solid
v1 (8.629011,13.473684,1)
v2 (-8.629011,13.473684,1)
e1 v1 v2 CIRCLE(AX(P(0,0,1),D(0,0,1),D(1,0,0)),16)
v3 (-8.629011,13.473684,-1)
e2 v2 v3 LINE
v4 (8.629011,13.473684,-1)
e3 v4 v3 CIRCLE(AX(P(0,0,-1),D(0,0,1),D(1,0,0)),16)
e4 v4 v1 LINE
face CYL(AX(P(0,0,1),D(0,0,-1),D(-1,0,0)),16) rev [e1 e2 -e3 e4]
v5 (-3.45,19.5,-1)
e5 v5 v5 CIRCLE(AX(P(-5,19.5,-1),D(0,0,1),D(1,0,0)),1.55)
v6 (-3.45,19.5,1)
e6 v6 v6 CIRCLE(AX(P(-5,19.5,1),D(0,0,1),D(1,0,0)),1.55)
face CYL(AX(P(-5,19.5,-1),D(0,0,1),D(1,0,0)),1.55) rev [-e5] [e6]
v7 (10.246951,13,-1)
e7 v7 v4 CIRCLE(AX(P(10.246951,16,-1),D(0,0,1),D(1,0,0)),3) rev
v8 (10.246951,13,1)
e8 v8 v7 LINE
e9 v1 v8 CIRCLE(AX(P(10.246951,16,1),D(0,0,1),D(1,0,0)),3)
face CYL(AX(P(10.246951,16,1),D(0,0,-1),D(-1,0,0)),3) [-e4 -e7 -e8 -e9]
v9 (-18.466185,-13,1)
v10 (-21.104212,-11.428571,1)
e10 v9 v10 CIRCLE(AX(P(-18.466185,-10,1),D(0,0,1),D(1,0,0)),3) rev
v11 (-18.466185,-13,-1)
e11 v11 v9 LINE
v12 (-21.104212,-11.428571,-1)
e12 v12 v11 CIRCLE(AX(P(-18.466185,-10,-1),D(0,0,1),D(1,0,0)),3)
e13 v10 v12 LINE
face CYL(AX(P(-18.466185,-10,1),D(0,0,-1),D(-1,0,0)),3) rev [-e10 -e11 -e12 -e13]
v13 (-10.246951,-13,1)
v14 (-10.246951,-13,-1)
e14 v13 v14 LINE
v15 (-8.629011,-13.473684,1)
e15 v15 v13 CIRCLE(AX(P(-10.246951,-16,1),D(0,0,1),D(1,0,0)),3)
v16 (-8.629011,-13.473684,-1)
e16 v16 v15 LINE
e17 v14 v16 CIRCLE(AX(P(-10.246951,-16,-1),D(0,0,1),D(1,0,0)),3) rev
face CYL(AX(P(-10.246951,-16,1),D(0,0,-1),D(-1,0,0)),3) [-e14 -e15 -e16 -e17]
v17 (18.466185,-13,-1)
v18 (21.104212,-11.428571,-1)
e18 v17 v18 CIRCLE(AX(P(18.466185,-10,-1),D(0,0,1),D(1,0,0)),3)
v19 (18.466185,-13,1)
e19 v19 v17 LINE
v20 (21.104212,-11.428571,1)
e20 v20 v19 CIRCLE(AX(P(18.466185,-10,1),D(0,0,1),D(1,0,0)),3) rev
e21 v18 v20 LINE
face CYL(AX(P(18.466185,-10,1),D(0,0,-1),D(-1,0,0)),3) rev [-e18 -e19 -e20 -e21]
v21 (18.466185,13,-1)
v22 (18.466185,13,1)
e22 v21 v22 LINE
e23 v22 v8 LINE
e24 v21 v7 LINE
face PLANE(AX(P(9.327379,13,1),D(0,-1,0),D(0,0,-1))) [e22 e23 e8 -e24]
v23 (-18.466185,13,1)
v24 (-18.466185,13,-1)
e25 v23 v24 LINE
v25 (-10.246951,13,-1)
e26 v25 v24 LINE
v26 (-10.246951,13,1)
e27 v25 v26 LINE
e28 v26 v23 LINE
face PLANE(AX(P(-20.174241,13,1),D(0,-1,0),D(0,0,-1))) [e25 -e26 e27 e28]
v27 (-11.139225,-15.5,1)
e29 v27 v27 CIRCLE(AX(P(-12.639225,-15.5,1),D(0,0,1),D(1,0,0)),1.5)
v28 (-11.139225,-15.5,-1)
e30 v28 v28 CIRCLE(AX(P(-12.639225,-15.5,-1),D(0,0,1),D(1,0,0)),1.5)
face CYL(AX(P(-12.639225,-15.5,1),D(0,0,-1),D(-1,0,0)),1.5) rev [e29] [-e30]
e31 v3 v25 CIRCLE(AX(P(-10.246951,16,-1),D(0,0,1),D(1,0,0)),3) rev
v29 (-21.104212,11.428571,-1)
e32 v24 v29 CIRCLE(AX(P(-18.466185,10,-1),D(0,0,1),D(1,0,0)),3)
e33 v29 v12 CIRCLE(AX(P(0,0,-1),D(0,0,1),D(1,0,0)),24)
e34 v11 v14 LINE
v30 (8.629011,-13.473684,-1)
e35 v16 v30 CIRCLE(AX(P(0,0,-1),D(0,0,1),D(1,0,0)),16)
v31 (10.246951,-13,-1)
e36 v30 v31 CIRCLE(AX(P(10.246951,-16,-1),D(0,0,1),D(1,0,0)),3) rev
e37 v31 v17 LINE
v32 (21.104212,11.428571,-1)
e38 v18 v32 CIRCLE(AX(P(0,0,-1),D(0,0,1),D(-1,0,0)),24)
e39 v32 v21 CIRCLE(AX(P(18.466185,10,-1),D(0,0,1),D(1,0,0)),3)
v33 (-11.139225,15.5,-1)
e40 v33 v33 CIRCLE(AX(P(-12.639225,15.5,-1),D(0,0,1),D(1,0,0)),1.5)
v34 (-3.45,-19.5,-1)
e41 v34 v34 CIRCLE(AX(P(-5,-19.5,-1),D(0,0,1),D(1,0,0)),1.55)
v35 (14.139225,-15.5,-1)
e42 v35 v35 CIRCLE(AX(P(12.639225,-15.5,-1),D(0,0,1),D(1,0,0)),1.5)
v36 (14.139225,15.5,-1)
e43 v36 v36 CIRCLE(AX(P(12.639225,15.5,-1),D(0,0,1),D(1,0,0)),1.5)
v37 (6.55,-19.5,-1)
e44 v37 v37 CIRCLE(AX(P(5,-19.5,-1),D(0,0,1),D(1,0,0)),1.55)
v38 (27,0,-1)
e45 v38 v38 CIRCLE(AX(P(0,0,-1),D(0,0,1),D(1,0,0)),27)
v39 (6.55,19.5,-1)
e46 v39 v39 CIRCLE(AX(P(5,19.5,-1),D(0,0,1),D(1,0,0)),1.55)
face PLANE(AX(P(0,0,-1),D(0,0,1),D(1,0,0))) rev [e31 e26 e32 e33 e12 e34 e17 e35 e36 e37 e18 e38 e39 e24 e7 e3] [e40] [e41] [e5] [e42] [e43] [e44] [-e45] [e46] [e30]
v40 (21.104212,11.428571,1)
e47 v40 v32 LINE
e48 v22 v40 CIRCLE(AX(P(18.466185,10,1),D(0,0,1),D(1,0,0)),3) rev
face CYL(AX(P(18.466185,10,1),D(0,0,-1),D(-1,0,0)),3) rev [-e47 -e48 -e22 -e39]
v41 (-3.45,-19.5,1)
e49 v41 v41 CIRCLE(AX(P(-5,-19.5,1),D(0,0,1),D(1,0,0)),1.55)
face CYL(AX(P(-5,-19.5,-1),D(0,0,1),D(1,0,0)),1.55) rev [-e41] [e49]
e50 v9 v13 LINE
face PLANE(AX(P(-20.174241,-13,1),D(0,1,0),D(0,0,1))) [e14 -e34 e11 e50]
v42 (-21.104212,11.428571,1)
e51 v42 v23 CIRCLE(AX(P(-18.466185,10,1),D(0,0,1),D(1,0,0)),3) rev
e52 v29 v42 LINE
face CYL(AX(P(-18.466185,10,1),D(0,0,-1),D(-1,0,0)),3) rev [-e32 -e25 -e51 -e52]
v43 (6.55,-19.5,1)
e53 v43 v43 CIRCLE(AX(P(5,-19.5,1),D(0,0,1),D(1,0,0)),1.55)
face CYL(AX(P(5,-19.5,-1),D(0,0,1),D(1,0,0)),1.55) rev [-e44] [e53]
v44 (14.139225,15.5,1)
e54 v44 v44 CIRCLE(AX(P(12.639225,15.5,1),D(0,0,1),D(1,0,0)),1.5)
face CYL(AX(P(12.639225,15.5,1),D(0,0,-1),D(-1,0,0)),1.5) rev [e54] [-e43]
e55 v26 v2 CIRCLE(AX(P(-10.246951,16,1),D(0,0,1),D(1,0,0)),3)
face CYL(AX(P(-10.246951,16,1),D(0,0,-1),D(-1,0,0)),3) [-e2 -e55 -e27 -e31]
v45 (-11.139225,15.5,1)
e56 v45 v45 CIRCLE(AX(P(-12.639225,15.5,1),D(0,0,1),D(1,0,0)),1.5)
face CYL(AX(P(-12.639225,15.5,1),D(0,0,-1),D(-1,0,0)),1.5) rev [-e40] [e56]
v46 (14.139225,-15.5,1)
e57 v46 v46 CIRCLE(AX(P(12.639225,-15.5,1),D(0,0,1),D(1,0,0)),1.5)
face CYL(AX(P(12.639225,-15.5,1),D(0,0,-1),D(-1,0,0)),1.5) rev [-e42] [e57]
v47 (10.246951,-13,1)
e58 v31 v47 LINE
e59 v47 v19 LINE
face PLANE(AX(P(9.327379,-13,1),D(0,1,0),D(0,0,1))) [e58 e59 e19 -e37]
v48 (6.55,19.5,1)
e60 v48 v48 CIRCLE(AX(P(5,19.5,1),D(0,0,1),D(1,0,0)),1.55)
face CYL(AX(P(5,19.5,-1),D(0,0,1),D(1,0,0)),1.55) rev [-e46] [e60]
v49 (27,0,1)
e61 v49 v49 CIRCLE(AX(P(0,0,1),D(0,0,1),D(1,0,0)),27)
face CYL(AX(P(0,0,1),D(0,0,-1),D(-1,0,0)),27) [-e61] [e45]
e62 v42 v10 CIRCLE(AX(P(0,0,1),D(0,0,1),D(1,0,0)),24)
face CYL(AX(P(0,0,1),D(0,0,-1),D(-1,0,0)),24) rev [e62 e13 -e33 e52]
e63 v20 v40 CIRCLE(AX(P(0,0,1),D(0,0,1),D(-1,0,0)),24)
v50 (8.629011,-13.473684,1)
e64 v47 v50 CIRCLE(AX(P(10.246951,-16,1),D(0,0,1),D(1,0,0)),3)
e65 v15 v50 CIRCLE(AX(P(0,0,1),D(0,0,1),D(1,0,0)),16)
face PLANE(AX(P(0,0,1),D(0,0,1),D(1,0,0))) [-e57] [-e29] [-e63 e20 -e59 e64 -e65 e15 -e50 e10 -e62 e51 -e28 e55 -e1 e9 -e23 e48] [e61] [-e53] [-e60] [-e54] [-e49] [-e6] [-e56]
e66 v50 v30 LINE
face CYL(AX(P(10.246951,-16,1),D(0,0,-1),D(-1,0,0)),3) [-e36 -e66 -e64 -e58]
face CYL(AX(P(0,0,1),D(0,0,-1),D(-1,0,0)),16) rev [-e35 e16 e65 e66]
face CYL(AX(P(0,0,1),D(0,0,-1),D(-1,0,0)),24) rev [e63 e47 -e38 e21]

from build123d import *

# Parameters (mm, degrees)
SKETCH_1_R          = 27
SKETCH_1_R_2        = 1.5
EXTRUDE_1_DEPTH     = 1
FILLET_1_R          = 3
SKETCH_2_R          = 1.55
CUT_EXTRUDE_1_DEPTH = 3


with BuildPart() as part:
    # 草图1 → 凸台-拉伸1 (new body, symmetric)
    with BuildSketch(Plane.XY):
        Circle(SKETCH_1_R)
        with Locations((-12.63922466, 15.5)):
            Circle(SKETCH_1_R_2, mode=Mode.SUBTRACT)
        with Locations((12.63922466, 15.5)):
            Circle(SKETCH_1_R_2, mode=Mode.SUBTRACT)
        with Locations((-12.63922466, -15.5)):
            Circle(SKETCH_1_R_2, mode=Mode.SUBTRACT)
        with Locations((12.63922466, -15.5)):
            Circle(SKETCH_1_R_2, mode=Mode.SUBTRACT)
        with BuildLine():
            Line((-20.174241002, 13), (-9.327379053, 13))
            ThreePointArc((-9.327379053, 13), (0, 16), (9.327379053, 13))
            Line((9.327379053, 13), (20.174241002, 13))
            ThreePointArc((20.174241002, 13), (24, 0), (20.174241002, -13))
            Line((20.174241002, -13), (9.327379053, -13))
            ThreePointArc((9.327379053, -13), (0, -16), (-9.327379053, -13))
            Line((-9.327379053, -13), (-20.174241002, -13))
            ThreePointArc((-20.174241002, -13), (-24, 0), (-20.174241002, 13))
        make_face(mode=Mode.SUBTRACT)
    extrude(amount=EXTRUDE_1_DEPTH, both=True)

    # 圆角1
    fillet_1_edges = [part.edges().sort_by_distance(p)[0] for p in [
        (-20.174241002, 13, 0),
        (-20.174241002, -13, 0),
        (-9.327379053, -13, 0),
        (9.327379053, -13, 0),
        (20.174241002, -13, 0),
        (20.174241002, 13, 0),
        (9.327379053, 13, 0),
        (-9.327379053, 13, 0),
    ]]
    fillet(fillet_1_edges, radius=FILLET_1_R)

    # 草图2 → 切除-拉伸1 (cut, through all)
    with BuildSketch(Plane.XY.offset(1)):
        with Locations((-5, 19.5)):
            Circle(SKETCH_2_R)
        with Locations((5, 19.5)):
            Circle(SKETCH_2_R)
        with Locations((-5, -19.5)):
            Circle(SKETCH_2_R)
        with Locations((5, -19.5)):
            Circle(SKETCH_2_R)
    extrude(amount=-CUT_EXTRUDE_1_DEPTH, mode=Mode.SUBTRACT)


solid = part.part
